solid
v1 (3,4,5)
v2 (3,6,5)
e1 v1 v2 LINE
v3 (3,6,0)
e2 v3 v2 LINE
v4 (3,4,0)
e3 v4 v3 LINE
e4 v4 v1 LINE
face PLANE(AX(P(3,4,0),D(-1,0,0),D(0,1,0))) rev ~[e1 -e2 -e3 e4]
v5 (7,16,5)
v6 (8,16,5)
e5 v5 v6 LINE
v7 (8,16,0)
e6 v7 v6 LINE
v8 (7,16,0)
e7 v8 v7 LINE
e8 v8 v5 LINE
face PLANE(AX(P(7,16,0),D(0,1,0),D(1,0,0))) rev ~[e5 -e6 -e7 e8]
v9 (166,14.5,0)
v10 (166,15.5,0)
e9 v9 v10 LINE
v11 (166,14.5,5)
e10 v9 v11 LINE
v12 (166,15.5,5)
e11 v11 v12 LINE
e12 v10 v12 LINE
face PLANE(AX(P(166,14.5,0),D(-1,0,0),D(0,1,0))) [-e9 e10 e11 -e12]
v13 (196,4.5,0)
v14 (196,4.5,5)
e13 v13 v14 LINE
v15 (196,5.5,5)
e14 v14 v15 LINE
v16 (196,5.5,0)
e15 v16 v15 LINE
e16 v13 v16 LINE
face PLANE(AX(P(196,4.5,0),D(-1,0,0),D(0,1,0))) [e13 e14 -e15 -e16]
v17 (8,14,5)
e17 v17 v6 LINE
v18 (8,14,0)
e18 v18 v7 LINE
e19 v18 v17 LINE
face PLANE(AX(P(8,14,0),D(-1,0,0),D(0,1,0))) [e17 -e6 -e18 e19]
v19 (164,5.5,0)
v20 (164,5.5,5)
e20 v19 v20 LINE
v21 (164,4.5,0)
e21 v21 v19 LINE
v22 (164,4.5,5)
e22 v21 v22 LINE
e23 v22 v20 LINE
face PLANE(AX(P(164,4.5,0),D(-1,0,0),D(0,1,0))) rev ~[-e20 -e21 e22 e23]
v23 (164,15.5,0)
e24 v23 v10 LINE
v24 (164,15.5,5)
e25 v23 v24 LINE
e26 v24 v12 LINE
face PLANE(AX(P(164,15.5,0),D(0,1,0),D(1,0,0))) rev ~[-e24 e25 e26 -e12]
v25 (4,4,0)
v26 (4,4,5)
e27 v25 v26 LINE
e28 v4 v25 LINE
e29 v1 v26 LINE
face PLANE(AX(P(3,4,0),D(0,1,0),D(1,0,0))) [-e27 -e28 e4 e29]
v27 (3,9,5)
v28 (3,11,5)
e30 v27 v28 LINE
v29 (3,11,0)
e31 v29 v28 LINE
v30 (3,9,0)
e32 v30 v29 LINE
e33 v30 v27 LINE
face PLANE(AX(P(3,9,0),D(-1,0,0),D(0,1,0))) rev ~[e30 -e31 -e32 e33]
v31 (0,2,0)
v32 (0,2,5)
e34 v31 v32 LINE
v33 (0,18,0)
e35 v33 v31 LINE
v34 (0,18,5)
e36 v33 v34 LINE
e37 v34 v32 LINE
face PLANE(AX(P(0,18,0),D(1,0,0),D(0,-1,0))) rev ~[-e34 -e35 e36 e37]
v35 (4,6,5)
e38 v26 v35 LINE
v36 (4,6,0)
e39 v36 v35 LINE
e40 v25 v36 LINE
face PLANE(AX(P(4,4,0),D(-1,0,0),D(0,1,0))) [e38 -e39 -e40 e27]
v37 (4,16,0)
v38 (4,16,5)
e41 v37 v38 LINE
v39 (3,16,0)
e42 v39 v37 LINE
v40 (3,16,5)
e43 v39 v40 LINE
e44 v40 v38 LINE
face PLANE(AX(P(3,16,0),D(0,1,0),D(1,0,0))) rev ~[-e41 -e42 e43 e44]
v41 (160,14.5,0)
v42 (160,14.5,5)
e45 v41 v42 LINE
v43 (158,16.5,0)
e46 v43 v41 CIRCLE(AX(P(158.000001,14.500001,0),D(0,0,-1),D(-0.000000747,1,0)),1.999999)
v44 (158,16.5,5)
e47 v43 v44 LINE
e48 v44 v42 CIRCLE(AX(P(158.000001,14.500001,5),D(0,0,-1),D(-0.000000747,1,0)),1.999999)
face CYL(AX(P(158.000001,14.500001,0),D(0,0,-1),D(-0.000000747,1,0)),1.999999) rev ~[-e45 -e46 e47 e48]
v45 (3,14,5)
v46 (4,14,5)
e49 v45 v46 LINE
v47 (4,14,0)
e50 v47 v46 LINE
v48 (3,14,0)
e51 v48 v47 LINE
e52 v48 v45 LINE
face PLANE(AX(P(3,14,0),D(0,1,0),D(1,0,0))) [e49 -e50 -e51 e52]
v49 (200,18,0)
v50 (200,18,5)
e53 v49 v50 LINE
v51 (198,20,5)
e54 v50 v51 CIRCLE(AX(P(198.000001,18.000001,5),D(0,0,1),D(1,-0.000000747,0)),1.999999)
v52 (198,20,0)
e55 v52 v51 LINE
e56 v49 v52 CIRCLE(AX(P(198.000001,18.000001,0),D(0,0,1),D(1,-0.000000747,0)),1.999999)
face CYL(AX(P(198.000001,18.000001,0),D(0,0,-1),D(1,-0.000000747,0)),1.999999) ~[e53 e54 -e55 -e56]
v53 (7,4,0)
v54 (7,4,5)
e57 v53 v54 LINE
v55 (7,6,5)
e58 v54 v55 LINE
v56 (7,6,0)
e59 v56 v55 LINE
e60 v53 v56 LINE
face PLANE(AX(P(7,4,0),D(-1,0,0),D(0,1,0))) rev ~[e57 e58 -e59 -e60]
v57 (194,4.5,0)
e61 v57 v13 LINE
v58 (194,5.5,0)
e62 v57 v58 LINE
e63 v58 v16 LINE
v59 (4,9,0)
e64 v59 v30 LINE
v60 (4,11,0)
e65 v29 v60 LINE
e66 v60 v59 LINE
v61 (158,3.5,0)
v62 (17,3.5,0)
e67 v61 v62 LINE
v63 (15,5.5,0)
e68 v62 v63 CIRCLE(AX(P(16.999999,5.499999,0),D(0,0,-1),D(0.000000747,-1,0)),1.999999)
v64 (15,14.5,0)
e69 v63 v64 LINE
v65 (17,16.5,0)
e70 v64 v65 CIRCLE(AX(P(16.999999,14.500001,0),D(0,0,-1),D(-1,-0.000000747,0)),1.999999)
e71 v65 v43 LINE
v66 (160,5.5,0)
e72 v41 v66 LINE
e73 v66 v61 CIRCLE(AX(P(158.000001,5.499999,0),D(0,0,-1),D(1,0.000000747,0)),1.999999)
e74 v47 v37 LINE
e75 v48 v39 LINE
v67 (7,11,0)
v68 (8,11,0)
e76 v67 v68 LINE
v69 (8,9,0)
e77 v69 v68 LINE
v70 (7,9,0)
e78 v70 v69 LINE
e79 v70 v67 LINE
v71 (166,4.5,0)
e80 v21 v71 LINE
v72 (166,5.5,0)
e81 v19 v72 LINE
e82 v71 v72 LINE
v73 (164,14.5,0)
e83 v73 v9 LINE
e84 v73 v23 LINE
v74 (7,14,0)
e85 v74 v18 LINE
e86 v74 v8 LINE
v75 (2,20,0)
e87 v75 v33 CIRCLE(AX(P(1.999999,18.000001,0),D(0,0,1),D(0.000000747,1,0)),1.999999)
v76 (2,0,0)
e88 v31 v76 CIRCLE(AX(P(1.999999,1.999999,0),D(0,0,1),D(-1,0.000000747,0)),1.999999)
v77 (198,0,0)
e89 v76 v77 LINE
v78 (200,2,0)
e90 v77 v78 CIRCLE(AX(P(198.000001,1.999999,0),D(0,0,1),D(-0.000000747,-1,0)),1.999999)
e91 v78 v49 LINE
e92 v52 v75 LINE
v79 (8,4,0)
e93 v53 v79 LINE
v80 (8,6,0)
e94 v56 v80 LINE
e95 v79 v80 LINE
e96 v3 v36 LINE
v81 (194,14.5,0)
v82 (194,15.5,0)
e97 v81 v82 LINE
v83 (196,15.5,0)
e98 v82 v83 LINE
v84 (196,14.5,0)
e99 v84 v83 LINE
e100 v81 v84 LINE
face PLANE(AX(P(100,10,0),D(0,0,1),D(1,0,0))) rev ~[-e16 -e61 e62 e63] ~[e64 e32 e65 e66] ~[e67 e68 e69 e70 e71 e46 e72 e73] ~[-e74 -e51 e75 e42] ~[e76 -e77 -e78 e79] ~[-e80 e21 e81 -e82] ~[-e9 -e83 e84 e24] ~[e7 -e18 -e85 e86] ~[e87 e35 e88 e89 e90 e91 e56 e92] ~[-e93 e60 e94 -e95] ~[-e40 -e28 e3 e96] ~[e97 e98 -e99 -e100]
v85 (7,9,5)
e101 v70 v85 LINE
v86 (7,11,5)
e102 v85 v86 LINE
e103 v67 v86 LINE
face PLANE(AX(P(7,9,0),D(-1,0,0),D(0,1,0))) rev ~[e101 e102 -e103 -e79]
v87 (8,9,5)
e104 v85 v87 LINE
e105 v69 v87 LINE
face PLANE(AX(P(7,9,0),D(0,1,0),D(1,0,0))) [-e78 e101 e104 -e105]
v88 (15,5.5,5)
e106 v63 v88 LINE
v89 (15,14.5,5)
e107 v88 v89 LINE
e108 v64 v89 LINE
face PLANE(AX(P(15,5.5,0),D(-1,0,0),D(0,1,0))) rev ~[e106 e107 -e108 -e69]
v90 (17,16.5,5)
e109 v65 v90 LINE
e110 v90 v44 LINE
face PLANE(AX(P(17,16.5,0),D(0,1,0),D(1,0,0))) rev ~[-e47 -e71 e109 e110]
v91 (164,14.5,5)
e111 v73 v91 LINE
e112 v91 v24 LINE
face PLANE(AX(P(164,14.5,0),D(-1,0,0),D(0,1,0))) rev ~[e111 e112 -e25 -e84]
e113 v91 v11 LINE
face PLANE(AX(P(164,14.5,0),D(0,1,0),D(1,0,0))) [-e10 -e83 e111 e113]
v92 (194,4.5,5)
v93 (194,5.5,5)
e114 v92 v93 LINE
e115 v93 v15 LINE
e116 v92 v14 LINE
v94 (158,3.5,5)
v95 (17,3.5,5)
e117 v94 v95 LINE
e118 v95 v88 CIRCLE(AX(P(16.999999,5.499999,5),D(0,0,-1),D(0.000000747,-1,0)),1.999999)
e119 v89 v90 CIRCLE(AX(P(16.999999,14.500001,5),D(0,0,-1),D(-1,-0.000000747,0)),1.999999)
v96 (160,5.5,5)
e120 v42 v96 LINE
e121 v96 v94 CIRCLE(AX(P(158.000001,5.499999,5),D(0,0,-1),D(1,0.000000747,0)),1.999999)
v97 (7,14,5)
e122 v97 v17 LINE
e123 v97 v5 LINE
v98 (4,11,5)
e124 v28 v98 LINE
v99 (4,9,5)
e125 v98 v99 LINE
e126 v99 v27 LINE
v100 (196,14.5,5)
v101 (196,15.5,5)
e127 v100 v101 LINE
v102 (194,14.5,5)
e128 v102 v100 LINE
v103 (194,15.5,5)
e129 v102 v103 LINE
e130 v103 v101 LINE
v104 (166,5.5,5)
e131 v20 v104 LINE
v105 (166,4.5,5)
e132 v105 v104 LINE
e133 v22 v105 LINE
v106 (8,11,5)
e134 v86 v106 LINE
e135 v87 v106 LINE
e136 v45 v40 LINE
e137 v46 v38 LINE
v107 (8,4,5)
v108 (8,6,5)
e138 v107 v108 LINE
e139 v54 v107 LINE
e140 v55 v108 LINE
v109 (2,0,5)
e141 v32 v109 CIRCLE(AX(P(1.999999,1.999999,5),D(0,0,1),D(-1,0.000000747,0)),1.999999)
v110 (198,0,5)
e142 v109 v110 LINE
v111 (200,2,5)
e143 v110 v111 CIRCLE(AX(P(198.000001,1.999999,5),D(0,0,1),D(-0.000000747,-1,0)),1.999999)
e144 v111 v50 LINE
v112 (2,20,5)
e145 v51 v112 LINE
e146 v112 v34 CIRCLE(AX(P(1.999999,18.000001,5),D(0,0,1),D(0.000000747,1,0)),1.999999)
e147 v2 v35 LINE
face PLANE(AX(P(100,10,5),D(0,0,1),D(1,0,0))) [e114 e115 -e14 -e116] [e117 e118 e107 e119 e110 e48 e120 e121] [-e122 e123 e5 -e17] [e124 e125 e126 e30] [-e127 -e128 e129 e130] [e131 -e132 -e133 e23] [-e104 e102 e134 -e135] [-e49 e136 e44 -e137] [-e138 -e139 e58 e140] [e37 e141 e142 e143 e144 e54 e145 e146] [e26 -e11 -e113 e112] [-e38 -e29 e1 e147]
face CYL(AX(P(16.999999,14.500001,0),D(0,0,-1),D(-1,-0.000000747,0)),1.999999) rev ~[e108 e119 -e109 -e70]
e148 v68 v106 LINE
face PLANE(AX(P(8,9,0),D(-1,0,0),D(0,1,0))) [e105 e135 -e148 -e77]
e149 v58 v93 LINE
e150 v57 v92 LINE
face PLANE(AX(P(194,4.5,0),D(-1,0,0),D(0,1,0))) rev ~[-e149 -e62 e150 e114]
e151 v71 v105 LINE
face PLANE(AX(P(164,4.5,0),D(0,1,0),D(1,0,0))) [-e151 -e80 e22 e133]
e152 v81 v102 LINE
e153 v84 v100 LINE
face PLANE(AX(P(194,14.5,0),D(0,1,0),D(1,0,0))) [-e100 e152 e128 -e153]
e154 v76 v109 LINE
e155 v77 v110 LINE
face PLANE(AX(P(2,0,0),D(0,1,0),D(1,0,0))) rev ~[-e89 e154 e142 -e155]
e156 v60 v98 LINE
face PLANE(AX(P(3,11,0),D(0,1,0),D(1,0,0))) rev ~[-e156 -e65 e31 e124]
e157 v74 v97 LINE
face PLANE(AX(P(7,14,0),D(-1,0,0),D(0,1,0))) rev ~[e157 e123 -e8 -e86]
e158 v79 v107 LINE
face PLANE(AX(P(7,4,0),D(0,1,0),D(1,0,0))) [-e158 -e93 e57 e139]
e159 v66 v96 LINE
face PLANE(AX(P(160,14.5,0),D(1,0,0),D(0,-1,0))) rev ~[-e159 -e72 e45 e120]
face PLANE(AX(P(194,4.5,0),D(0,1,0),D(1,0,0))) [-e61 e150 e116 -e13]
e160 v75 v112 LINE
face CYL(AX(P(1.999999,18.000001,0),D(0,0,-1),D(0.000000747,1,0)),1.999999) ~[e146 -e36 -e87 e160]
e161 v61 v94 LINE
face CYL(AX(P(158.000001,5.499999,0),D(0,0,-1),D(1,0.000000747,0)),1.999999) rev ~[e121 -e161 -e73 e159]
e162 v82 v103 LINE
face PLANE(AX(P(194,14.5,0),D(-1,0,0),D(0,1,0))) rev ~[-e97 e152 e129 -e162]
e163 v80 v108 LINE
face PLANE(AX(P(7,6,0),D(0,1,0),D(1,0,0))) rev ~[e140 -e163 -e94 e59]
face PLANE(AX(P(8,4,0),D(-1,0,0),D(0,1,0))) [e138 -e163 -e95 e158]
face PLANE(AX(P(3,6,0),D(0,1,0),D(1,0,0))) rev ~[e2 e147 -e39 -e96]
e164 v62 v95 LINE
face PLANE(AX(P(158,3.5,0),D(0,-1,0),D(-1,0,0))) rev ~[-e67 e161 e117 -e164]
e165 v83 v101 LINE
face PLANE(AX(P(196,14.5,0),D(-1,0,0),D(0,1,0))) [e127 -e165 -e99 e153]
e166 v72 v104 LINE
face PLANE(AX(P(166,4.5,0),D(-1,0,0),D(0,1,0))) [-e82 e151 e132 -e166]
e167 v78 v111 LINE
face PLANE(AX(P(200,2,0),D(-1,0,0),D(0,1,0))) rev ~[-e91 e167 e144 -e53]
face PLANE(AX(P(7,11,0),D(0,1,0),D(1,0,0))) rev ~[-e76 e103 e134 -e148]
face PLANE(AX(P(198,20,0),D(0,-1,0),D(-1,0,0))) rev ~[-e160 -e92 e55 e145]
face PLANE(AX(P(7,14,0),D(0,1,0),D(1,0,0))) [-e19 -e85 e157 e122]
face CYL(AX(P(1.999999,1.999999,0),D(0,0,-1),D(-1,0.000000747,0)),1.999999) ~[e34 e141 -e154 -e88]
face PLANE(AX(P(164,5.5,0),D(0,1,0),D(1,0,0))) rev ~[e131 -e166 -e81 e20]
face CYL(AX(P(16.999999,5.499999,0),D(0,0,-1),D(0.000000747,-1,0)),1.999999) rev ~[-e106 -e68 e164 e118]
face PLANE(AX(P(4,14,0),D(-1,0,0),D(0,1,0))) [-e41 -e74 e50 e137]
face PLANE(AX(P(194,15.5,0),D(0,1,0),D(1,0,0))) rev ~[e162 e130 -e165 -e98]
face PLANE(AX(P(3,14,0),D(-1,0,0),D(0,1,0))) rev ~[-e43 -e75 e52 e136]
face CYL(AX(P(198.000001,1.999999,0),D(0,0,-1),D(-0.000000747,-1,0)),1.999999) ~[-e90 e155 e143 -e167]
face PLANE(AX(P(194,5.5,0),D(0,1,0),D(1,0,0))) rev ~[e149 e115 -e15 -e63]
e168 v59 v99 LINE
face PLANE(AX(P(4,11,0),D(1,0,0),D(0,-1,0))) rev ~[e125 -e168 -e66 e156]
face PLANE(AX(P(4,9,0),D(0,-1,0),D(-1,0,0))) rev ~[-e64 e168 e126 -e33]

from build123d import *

# Parameters (mm, degrees)
F0_W     = 1
F0_H     = 2
F0_W_2   = 2
F0_H_2   = 1
F1_DEPTH = 5


with BuildPart() as f1:
    # F0 (on Top) → F1 (new body)
    with BuildSketch(Plane.XY):
        with BuildLine():
            ThreePointArc((0, 2), (0.585786, 0.585786), (2, 0))
            Line((2, 0), (198, 0))
            ThreePointArc((198, 0), (199.414214, 0.585786), (200, 2))
            Line((200, 2), (200, 18))
            ThreePointArc((200, 18), (199.414214, 19.414214), (198, 20))
            Line((198, 20), (2, 20))
            ThreePointArc((2, 20), (0.585786, 19.414214), (0, 18))
            Line((0, 18), (0, 2))
        make_face()
        with Locations((3.5, 5)):
            Rectangle(F0_W, F0_H, mode=Mode.SUBTRACT)
        with Locations((7.5, 5)):
            Rectangle(F0_W, F0_H, mode=Mode.SUBTRACT)
        with Locations((165, 5)):
            Rectangle(F0_W_2, F0_H_2, mode=Mode.SUBTRACT)
        with Locations((195, 5)):
            Rectangle(F0_W_2, F0_H_2, mode=Mode.SUBTRACT)
        Polygon((3, 10), (3, 11), (4, 11), (4, 10), (4, 9), (3, 9), align=None, mode=Mode.SUBTRACT)
        with Locations((7.5, 10)):
            Rectangle(F0_W, F0_H, mode=Mode.SUBTRACT)
        with BuildLine():
            Line((17, 16.5), (158, 16.5))
            ThreePointArc((158, 16.5), (159.414214, 15.914214), (160, 14.5))
            Line((160, 14.5), (160, 5.5))
            ThreePointArc((160, 5.5), (159.414214, 4.085786), (158, 3.5))
            Line((158, 3.5), (17, 3.5))
            ThreePointArc((17, 3.5), (15.585786, 4.085786), (15, 5.5))
            Line((15, 5.5), (15, 14.5))
            ThreePointArc((15, 14.5), (15.585786, 15.914214), (17, 16.5))
        make_face(mode=Mode.SUBTRACT)
        with Locations((3.5, 15)):
            Rectangle(F0_W, F0_H, mode=Mode.SUBTRACT)
        with Locations((7.5, 15)):
            Rectangle(F0_W, F0_H, mode=Mode.SUBTRACT)
        with Locations((165, 15)):
            Rectangle(F0_W_2, F0_H_2, mode=Mode.SUBTRACT)
        with Locations((195, 15)):
            Rectangle(F0_W_2, F0_H_2, mode=Mode.SUBTRACT)
    extrude(amount=F1_DEPTH)


solid = f1.part
